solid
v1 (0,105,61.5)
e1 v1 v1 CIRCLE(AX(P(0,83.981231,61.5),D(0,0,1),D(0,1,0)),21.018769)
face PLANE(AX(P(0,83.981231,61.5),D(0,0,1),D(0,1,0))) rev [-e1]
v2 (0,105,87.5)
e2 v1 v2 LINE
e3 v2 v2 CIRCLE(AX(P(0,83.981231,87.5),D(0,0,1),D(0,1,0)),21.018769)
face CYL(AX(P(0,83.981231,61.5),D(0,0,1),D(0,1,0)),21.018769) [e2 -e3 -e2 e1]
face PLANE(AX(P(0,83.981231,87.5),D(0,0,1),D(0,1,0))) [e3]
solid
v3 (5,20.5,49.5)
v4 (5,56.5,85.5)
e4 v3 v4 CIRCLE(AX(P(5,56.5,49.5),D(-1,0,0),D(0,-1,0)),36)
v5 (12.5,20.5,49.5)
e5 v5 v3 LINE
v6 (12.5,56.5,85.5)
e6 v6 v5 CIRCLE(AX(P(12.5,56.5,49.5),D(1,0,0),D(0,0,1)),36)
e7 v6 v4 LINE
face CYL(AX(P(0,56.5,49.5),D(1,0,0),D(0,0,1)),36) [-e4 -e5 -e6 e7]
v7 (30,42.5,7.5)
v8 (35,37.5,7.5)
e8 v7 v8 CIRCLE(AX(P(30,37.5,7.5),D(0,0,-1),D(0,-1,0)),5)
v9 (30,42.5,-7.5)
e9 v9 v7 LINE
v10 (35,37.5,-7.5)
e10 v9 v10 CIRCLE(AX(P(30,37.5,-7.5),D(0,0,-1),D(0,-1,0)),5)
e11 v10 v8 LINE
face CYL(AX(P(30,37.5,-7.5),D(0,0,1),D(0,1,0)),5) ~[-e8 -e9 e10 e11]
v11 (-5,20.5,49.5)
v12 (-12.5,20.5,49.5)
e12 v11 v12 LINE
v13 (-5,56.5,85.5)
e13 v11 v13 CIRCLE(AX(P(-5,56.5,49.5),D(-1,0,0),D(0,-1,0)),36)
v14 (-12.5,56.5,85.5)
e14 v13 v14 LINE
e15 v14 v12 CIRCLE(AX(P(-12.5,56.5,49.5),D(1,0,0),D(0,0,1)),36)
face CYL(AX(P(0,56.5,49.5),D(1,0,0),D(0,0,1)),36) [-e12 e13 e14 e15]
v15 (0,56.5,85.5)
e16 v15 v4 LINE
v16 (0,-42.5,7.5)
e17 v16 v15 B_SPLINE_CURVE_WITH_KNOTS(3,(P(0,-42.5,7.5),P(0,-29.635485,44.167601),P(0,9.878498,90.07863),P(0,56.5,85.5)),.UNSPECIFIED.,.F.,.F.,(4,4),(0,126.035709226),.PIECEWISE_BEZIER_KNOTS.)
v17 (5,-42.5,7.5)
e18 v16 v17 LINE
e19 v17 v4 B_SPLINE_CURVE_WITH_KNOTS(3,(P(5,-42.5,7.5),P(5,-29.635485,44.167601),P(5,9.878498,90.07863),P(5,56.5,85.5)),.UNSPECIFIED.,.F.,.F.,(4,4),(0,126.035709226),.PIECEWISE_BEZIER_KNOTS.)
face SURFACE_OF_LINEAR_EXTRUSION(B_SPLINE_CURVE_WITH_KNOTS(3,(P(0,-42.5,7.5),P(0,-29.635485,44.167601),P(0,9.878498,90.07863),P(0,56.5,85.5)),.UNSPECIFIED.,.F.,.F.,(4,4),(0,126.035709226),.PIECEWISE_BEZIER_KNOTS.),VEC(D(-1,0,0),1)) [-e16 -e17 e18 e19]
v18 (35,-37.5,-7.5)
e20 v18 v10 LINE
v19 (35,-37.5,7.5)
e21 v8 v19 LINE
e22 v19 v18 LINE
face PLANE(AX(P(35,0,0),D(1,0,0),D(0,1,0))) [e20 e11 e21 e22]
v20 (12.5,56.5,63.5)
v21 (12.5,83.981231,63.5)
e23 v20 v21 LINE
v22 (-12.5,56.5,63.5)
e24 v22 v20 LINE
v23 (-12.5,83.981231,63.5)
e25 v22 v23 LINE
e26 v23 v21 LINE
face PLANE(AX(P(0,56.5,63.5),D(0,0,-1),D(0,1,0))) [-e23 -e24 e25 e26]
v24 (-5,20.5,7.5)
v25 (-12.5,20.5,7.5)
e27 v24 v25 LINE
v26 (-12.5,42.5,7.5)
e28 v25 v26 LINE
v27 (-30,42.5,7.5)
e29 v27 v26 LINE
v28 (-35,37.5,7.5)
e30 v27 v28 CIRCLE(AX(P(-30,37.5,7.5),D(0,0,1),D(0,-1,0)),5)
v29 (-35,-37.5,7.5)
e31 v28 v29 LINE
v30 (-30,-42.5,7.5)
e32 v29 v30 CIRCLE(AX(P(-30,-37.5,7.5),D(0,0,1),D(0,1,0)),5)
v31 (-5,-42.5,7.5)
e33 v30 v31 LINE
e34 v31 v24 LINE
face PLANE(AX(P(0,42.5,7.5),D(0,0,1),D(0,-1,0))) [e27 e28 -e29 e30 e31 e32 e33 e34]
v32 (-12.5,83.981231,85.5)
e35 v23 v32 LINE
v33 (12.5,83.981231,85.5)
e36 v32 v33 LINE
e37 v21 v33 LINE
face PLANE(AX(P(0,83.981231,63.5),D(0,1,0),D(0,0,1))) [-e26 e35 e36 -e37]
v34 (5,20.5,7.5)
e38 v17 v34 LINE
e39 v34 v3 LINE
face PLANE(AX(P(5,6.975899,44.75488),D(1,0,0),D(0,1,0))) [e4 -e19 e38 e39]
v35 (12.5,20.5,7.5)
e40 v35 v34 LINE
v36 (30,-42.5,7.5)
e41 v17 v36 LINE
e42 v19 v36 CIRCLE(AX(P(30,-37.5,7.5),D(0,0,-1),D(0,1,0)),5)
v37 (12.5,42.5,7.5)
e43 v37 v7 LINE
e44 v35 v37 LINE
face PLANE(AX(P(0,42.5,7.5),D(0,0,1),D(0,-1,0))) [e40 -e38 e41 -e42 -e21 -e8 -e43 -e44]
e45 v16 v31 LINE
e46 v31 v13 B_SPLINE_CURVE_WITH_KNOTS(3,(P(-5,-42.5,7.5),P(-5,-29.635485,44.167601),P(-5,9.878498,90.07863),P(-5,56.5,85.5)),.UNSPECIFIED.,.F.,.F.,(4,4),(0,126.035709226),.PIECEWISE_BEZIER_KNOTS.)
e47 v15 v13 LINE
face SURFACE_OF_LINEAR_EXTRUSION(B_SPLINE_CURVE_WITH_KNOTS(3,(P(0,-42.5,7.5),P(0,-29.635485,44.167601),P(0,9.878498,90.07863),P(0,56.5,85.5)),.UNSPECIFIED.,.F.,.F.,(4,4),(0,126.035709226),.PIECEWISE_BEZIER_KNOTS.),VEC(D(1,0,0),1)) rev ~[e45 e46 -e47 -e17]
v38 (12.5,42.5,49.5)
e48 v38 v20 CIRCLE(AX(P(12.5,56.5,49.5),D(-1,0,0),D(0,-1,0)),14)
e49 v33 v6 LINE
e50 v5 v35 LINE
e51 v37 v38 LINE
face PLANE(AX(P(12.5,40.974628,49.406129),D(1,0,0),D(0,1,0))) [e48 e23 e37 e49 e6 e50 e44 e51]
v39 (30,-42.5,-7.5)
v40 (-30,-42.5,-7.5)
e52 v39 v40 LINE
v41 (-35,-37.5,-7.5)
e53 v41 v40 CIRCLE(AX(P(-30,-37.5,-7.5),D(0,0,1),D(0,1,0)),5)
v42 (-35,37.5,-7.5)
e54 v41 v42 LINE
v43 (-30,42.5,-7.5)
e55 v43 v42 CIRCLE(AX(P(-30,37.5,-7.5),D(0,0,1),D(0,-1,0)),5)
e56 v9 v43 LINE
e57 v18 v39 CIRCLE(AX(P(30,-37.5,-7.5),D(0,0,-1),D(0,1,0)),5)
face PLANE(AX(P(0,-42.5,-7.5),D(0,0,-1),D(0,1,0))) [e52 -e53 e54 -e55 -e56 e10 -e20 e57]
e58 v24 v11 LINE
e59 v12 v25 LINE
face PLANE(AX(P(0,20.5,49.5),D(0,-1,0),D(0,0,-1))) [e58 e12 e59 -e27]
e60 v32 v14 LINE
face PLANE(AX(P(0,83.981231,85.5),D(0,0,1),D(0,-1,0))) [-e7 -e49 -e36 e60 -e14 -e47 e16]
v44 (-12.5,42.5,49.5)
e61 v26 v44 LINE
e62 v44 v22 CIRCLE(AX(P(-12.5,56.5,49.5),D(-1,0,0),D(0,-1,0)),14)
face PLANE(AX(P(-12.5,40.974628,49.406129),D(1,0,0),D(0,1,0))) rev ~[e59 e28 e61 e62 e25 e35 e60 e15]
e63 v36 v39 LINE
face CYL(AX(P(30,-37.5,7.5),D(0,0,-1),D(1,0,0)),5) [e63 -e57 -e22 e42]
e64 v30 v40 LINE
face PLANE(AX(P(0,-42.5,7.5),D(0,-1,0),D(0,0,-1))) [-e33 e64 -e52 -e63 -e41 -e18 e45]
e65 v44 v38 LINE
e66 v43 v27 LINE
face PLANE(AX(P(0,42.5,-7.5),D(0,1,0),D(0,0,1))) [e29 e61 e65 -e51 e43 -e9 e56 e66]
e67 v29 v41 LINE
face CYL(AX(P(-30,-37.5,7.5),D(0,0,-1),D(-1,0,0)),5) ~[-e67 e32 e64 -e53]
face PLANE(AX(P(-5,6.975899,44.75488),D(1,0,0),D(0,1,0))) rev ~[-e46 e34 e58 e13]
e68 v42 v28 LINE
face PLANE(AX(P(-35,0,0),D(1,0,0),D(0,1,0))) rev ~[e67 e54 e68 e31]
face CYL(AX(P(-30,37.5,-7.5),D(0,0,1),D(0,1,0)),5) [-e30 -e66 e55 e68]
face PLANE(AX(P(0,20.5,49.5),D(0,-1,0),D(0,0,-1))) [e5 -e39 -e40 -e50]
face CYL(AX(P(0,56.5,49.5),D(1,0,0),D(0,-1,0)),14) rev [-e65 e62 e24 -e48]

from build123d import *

# Parameters (mm, degrees)
F1_DEPTH = 35
F0_W     = 13.9812313979
F0_H     = 22
F2_DEPTH = 12.5
F3_DEPTH = 5
F5_R     = 5


with BuildPart() as f1:
    # F0 (on Right) → F1 (new body, symmetric)
    with BuildSketch(Plane.YZ):
        Polygon((42.5, -7.5), (42.5, 7.5), (20.5, 7.5), (-42.5, 7.5), (-42.5, -7.5), align=None)
    extrude(amount=F1_DEPTH, both=True)

    # F0 (on Right) → F2 (join, symmetric)
    with BuildSketch(Plane.YZ):
        with BuildLine():
            Line((20.5, 7.5), (42.5, 7.5))
            Line((42.5, 7.5), (42.5, 49.5))
            ThreePointArc((42.5, 49.5), (46.6005050634, 59.3994949366), (56.5, 63.5))
            Line((56.5, 63.5), (70, 63.5))
            Line((70, 63.5), (70, 85.5))
            Line((70, 85.5), (56.5, 85.5))
            ThreePointArc((56.5, 85.5), (31.0441558773, 74.9558441227), (20.5, 49.5))
            Line((20.5, 49.5), (20.5, 7.5))
        make_face()
        with Locations((76.9906156989, 74.5)):
            Rectangle(F0_W, F0_H)
    extrude(amount=F2_DEPTH, both=True)

    # F0 (on Right) → F3 (join, symmetric)
    with BuildSketch(Plane.YZ):
        with BuildLine():
            Line((-42.5, 7.5), (20.5, 7.5))
            Line((20.5, 7.5), (20.5, 49.5))
            ThreePointArc((20.5, 49.5), (31.0441558773, 74.9558441227), (56.5, 85.5))
            add(Edge.make_bspline(
                [(-42.5, 7.5), (-29.6354852617, 44.1676005125), (9.8784975708, 90.0786296129), (56.5, 85.5)],
                knots=[0, 0, 0, 0, 126.0357092256, 126.0357092256, 126.0357092256, 126.0357092256], degree=3))
        make_face()
    extrude(amount=F3_DEPTH, both=True)

    # F5
    f5_edges = [f1.edges().sort_by_distance(p)[0] for p in [
        (35, 42.5, 0),
        (-35, 42.5, 0),
        (35, -42.5, 0),
        (-35, -42.5, 0),
    ]]
    fillet(f5_edges, radius=F5_R)


with BuildPart() as f4:
    # F0 (on Right) → F4 (revolve)
    with BuildSketch(Plane.YZ):
        Polygon((83.9812313979, 85.5), (83.9812313979, 63.5), (83.9812313979, 61.5), (105, 61.5), (105, 87.5), (83.9812313979, 87.5), align=None)
    revolve(axis=Axis((0, 83.9812313979, 74.5), (0, 0, 1)))


solid = Compound([f1.part, f4.part])
